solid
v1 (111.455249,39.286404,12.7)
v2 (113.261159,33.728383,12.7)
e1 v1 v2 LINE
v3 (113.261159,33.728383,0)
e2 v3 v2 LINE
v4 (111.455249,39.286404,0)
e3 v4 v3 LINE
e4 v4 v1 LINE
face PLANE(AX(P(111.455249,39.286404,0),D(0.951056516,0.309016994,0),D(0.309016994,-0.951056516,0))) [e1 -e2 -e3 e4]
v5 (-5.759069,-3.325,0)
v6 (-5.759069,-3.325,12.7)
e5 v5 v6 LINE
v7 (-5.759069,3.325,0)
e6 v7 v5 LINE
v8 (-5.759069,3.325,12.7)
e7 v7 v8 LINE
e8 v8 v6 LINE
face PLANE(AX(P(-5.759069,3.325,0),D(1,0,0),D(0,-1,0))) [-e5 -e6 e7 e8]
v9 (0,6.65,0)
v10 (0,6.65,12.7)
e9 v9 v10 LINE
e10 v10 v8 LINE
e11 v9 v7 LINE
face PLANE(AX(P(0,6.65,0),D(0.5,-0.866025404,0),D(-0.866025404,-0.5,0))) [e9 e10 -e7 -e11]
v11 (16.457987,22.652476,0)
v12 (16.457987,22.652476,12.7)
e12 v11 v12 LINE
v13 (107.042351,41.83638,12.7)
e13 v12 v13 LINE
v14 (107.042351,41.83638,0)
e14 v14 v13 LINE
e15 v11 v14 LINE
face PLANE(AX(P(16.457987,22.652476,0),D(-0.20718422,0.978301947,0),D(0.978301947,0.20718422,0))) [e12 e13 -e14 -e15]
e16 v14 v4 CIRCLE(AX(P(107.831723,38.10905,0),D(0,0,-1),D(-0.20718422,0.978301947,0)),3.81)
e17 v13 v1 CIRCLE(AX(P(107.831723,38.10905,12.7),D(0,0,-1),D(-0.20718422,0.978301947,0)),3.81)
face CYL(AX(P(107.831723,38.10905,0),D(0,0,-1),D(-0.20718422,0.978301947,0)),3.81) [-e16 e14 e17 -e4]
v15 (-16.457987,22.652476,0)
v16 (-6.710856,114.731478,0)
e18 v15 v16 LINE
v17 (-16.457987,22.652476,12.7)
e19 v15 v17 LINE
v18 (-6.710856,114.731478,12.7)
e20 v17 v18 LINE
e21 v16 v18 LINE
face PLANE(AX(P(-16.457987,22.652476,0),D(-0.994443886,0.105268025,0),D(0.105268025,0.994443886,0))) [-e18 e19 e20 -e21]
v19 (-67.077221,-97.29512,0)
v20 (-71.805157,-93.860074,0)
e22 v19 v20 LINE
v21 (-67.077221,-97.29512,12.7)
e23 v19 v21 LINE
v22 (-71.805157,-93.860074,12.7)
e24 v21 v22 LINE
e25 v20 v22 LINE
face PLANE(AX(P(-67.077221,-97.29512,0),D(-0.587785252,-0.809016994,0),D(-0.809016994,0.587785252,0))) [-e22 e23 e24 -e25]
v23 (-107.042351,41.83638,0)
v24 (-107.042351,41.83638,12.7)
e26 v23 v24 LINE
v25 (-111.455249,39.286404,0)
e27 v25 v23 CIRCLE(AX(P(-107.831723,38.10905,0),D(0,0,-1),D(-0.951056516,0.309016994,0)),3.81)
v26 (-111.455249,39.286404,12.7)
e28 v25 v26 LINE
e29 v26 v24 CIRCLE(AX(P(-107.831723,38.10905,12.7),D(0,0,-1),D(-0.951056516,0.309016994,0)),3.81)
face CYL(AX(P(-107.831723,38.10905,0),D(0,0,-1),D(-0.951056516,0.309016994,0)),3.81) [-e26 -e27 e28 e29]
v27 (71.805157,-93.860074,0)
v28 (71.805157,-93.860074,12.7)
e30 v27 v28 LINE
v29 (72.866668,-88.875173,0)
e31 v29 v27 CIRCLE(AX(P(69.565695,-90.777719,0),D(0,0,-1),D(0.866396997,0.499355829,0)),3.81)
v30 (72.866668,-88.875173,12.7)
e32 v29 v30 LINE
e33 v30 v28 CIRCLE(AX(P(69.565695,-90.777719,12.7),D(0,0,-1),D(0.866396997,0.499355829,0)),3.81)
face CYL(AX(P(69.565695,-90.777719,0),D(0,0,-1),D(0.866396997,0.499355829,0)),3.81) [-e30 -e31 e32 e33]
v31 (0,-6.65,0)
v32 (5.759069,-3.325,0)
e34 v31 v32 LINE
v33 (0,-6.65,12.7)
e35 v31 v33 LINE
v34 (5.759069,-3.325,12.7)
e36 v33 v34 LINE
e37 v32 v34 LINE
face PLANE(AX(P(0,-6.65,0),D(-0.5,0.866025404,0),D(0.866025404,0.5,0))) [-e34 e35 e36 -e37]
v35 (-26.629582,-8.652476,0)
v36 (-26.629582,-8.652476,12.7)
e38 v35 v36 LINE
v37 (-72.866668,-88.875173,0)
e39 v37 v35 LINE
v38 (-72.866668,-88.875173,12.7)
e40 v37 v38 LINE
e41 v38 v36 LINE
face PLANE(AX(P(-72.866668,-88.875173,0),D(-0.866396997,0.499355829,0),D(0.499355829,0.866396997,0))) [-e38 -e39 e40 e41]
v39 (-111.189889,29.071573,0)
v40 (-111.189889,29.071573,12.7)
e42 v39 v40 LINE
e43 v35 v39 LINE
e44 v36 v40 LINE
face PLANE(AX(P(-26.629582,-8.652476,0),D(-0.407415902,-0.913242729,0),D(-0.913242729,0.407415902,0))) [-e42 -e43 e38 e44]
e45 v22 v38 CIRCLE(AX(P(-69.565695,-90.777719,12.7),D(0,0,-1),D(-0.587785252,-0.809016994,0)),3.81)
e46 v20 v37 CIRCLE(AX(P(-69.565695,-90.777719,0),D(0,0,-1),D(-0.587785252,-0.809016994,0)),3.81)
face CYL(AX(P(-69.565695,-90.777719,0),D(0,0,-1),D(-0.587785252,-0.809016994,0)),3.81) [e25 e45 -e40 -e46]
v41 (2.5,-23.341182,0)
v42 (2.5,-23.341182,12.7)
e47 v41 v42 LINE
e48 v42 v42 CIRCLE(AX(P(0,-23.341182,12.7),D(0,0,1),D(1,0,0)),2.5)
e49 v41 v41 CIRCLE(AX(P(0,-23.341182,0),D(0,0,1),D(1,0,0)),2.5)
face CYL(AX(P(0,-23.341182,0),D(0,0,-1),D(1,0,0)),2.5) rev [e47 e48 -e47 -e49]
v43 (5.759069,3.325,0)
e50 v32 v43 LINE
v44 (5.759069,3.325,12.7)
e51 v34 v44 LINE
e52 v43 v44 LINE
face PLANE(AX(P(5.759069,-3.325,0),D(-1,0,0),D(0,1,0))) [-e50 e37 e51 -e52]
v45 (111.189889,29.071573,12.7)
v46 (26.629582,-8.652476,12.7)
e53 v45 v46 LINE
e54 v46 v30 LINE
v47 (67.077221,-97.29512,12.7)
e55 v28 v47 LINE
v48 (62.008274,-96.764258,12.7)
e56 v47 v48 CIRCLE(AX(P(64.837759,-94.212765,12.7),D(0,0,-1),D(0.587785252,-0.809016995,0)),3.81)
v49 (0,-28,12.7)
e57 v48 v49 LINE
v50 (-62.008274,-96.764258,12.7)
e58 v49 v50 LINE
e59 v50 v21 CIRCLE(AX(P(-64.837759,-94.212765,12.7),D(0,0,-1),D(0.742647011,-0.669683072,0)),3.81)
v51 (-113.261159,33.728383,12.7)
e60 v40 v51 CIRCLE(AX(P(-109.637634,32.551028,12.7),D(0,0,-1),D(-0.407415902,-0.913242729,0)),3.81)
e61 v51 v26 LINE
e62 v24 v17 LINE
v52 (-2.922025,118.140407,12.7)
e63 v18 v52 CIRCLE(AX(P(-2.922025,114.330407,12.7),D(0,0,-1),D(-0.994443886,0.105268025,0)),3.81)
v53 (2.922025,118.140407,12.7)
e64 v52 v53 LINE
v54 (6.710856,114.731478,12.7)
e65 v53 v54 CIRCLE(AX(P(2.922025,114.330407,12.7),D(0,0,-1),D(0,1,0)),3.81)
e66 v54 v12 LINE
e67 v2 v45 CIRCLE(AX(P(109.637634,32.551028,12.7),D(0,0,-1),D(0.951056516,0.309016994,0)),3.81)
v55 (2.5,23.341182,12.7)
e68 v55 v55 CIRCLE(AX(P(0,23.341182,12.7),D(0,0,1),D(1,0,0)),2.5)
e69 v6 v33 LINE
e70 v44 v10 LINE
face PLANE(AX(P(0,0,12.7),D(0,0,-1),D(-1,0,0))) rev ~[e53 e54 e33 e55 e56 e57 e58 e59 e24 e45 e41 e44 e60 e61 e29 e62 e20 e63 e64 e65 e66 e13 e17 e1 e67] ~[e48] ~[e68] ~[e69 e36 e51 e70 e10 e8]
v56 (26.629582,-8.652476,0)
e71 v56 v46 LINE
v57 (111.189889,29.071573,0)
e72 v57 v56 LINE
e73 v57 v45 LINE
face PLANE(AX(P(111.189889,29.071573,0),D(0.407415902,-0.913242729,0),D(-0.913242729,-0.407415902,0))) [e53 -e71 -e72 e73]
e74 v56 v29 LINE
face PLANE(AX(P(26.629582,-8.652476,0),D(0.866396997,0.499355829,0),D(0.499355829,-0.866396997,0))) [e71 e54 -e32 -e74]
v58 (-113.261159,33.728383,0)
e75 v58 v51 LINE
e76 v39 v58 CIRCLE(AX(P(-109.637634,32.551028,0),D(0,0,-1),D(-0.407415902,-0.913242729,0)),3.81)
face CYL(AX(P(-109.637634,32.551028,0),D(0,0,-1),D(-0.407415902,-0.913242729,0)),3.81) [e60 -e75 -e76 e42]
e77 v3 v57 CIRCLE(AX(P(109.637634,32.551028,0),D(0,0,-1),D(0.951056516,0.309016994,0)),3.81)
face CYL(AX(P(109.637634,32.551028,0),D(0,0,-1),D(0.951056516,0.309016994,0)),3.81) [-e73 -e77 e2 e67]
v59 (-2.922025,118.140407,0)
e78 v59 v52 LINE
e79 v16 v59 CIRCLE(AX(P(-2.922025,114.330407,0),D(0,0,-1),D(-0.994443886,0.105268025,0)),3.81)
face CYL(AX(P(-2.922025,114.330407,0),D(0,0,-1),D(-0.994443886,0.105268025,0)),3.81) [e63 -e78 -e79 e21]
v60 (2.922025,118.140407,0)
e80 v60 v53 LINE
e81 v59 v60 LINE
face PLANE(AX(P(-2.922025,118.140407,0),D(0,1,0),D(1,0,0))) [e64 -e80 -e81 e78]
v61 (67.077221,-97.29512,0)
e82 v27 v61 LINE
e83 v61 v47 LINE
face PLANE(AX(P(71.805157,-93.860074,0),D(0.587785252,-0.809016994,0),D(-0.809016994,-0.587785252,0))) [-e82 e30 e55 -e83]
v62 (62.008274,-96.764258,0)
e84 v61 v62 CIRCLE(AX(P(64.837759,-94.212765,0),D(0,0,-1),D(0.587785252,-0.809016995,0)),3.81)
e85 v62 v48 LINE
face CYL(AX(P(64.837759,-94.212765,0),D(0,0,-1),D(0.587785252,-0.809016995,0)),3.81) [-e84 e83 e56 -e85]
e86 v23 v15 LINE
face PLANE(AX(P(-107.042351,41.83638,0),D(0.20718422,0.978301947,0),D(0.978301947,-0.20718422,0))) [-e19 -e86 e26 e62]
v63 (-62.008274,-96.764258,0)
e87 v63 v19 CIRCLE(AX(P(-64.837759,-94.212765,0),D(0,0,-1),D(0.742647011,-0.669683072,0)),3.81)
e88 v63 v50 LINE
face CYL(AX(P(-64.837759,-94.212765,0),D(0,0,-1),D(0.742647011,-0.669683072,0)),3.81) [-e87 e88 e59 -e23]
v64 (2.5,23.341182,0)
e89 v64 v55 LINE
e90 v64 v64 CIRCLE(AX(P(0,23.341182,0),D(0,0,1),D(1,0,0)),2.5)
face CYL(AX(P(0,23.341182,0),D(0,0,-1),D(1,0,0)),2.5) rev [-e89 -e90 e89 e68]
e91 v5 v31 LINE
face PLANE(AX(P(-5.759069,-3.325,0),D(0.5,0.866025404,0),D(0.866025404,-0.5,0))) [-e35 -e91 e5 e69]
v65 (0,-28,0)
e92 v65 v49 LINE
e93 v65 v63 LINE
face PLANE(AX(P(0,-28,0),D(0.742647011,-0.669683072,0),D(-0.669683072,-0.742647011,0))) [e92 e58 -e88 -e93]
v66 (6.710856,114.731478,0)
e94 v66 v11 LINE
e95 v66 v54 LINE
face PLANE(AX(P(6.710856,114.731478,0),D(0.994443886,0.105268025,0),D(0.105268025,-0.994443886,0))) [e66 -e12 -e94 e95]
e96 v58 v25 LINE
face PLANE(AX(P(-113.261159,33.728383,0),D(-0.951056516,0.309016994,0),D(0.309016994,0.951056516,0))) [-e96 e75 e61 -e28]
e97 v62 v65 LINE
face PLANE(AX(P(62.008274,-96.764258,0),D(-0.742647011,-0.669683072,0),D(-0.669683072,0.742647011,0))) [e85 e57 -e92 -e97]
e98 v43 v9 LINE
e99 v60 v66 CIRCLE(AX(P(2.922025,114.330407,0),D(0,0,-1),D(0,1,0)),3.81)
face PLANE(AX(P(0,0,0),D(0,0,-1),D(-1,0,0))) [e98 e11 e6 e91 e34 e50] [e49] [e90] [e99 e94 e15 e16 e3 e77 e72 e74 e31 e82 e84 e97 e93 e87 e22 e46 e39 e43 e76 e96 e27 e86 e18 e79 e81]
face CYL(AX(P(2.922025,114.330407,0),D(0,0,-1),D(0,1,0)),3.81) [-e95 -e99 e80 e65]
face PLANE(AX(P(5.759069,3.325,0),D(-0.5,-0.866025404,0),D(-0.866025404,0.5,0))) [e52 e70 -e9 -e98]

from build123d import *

# Parameters (mm, degrees)
SKETCH1_R           = 2.5
BOSS_EXTRUDE1_DEPTH = 12.7


with BuildPart() as part:
    # Sketch1 → Boss-Extrude1 (new body)
    with BuildSketch(Plane.XY):
        with BuildLine():
            Line((-2.922024956, 118.140407077), (2.922024956, 118.140407077))
            ThreePointArc((2.922024956, 118.140407077), (5.470359591, 117.162736611), (6.710856163, 114.731478252))
            Line((6.710856163, 114.731478252), (16.457987064, 22.652475842))
            Line((16.457987064, 22.652475842), (107.042351415, 41.836380053))
            ThreePointArc((107.042351415, 41.836380053), (109.737950042, 41.407897856), (111.455248619, 39.286404385))
            Line((111.455248619, 39.286404385), (113.261159358, 33.728382634))
            ThreePointArc((113.261159358, 33.728382634), (113.1188182, 31.002655585), (111.189888617, 29.071573086))
            Line((111.189888617, 29.071573086), (26.629582456, -8.652475842))
            Line((26.629582456, -8.652475842), (72.866667573, -88.875173413))
            ThreePointArc((72.866667573, -88.875173413), (73.292142573, -91.571248333), (71.805156827, -93.860073872))
            Line((71.805156827, -93.860073872), (67.077221132, -97.295120224))
            ThreePointArc((67.077221132, -97.295120224), (64.440914824, -98.002041718), (62.008274208, -96.764257979))
            Line((62.008274208, -96.764257979), (0, -28))
            Line((0, -28), (-62.008274208, -96.764257979))
            ThreePointArc((-62.008274208, -96.764257979), (-64.440914824, -98.002041718), (-67.077221132, -97.295120224))
            Line((-67.077221132, -97.295120224), (-71.805156827, -93.860073872))
            ThreePointArc((-71.805156827, -93.860073872), (-73.292142573, -91.571248333), (-72.866667573, -88.875173413))
            Line((-72.866667573, -88.875173413), (-26.629582456, -8.652475842))
            Line((-26.629582456, -8.652475842), (-111.189888617, 29.071573086))
            ThreePointArc((-111.189888617, 29.071573086), (-113.1188182, 31.002655585), (-113.261159358, 33.728382634))
            Line((-113.261159358, 33.728382634), (-111.455248619, 39.286404385))
            ThreePointArc((-111.455248619, 39.286404385), (-109.737950042, 41.407897856), (-107.042351415, 41.836380053))
            Line((-107.042351415, 41.836380053), (-16.457987064, 22.652475842))
            Line((-16.457987064, 22.652475842), (-6.710856163, 114.731478252))
            ThreePointArc((-6.710856163, 114.731478252), (-5.470359591, 117.162736611), (-2.922024956, 118.140407077))
        make_face()
        with Locations((0, 23.341182104)):
            Circle(SKETCH1_R, mode=Mode.SUBTRACT)
        with Locations((0, -23.341182104)):
            Circle(SKETCH1_R, mode=Mode.SUBTRACT)
        Polygon((0, -6.65), (5.759068935, -3.325), (5.759068935, 3.325), (0, 6.65), (-5.759068935, 3.325), (-5.759068935, -3.325), align=None, mode=Mode.SUBTRACT)
    extrude(amount=BOSS_EXTRUDE1_DEPTH)


solid = part.part
